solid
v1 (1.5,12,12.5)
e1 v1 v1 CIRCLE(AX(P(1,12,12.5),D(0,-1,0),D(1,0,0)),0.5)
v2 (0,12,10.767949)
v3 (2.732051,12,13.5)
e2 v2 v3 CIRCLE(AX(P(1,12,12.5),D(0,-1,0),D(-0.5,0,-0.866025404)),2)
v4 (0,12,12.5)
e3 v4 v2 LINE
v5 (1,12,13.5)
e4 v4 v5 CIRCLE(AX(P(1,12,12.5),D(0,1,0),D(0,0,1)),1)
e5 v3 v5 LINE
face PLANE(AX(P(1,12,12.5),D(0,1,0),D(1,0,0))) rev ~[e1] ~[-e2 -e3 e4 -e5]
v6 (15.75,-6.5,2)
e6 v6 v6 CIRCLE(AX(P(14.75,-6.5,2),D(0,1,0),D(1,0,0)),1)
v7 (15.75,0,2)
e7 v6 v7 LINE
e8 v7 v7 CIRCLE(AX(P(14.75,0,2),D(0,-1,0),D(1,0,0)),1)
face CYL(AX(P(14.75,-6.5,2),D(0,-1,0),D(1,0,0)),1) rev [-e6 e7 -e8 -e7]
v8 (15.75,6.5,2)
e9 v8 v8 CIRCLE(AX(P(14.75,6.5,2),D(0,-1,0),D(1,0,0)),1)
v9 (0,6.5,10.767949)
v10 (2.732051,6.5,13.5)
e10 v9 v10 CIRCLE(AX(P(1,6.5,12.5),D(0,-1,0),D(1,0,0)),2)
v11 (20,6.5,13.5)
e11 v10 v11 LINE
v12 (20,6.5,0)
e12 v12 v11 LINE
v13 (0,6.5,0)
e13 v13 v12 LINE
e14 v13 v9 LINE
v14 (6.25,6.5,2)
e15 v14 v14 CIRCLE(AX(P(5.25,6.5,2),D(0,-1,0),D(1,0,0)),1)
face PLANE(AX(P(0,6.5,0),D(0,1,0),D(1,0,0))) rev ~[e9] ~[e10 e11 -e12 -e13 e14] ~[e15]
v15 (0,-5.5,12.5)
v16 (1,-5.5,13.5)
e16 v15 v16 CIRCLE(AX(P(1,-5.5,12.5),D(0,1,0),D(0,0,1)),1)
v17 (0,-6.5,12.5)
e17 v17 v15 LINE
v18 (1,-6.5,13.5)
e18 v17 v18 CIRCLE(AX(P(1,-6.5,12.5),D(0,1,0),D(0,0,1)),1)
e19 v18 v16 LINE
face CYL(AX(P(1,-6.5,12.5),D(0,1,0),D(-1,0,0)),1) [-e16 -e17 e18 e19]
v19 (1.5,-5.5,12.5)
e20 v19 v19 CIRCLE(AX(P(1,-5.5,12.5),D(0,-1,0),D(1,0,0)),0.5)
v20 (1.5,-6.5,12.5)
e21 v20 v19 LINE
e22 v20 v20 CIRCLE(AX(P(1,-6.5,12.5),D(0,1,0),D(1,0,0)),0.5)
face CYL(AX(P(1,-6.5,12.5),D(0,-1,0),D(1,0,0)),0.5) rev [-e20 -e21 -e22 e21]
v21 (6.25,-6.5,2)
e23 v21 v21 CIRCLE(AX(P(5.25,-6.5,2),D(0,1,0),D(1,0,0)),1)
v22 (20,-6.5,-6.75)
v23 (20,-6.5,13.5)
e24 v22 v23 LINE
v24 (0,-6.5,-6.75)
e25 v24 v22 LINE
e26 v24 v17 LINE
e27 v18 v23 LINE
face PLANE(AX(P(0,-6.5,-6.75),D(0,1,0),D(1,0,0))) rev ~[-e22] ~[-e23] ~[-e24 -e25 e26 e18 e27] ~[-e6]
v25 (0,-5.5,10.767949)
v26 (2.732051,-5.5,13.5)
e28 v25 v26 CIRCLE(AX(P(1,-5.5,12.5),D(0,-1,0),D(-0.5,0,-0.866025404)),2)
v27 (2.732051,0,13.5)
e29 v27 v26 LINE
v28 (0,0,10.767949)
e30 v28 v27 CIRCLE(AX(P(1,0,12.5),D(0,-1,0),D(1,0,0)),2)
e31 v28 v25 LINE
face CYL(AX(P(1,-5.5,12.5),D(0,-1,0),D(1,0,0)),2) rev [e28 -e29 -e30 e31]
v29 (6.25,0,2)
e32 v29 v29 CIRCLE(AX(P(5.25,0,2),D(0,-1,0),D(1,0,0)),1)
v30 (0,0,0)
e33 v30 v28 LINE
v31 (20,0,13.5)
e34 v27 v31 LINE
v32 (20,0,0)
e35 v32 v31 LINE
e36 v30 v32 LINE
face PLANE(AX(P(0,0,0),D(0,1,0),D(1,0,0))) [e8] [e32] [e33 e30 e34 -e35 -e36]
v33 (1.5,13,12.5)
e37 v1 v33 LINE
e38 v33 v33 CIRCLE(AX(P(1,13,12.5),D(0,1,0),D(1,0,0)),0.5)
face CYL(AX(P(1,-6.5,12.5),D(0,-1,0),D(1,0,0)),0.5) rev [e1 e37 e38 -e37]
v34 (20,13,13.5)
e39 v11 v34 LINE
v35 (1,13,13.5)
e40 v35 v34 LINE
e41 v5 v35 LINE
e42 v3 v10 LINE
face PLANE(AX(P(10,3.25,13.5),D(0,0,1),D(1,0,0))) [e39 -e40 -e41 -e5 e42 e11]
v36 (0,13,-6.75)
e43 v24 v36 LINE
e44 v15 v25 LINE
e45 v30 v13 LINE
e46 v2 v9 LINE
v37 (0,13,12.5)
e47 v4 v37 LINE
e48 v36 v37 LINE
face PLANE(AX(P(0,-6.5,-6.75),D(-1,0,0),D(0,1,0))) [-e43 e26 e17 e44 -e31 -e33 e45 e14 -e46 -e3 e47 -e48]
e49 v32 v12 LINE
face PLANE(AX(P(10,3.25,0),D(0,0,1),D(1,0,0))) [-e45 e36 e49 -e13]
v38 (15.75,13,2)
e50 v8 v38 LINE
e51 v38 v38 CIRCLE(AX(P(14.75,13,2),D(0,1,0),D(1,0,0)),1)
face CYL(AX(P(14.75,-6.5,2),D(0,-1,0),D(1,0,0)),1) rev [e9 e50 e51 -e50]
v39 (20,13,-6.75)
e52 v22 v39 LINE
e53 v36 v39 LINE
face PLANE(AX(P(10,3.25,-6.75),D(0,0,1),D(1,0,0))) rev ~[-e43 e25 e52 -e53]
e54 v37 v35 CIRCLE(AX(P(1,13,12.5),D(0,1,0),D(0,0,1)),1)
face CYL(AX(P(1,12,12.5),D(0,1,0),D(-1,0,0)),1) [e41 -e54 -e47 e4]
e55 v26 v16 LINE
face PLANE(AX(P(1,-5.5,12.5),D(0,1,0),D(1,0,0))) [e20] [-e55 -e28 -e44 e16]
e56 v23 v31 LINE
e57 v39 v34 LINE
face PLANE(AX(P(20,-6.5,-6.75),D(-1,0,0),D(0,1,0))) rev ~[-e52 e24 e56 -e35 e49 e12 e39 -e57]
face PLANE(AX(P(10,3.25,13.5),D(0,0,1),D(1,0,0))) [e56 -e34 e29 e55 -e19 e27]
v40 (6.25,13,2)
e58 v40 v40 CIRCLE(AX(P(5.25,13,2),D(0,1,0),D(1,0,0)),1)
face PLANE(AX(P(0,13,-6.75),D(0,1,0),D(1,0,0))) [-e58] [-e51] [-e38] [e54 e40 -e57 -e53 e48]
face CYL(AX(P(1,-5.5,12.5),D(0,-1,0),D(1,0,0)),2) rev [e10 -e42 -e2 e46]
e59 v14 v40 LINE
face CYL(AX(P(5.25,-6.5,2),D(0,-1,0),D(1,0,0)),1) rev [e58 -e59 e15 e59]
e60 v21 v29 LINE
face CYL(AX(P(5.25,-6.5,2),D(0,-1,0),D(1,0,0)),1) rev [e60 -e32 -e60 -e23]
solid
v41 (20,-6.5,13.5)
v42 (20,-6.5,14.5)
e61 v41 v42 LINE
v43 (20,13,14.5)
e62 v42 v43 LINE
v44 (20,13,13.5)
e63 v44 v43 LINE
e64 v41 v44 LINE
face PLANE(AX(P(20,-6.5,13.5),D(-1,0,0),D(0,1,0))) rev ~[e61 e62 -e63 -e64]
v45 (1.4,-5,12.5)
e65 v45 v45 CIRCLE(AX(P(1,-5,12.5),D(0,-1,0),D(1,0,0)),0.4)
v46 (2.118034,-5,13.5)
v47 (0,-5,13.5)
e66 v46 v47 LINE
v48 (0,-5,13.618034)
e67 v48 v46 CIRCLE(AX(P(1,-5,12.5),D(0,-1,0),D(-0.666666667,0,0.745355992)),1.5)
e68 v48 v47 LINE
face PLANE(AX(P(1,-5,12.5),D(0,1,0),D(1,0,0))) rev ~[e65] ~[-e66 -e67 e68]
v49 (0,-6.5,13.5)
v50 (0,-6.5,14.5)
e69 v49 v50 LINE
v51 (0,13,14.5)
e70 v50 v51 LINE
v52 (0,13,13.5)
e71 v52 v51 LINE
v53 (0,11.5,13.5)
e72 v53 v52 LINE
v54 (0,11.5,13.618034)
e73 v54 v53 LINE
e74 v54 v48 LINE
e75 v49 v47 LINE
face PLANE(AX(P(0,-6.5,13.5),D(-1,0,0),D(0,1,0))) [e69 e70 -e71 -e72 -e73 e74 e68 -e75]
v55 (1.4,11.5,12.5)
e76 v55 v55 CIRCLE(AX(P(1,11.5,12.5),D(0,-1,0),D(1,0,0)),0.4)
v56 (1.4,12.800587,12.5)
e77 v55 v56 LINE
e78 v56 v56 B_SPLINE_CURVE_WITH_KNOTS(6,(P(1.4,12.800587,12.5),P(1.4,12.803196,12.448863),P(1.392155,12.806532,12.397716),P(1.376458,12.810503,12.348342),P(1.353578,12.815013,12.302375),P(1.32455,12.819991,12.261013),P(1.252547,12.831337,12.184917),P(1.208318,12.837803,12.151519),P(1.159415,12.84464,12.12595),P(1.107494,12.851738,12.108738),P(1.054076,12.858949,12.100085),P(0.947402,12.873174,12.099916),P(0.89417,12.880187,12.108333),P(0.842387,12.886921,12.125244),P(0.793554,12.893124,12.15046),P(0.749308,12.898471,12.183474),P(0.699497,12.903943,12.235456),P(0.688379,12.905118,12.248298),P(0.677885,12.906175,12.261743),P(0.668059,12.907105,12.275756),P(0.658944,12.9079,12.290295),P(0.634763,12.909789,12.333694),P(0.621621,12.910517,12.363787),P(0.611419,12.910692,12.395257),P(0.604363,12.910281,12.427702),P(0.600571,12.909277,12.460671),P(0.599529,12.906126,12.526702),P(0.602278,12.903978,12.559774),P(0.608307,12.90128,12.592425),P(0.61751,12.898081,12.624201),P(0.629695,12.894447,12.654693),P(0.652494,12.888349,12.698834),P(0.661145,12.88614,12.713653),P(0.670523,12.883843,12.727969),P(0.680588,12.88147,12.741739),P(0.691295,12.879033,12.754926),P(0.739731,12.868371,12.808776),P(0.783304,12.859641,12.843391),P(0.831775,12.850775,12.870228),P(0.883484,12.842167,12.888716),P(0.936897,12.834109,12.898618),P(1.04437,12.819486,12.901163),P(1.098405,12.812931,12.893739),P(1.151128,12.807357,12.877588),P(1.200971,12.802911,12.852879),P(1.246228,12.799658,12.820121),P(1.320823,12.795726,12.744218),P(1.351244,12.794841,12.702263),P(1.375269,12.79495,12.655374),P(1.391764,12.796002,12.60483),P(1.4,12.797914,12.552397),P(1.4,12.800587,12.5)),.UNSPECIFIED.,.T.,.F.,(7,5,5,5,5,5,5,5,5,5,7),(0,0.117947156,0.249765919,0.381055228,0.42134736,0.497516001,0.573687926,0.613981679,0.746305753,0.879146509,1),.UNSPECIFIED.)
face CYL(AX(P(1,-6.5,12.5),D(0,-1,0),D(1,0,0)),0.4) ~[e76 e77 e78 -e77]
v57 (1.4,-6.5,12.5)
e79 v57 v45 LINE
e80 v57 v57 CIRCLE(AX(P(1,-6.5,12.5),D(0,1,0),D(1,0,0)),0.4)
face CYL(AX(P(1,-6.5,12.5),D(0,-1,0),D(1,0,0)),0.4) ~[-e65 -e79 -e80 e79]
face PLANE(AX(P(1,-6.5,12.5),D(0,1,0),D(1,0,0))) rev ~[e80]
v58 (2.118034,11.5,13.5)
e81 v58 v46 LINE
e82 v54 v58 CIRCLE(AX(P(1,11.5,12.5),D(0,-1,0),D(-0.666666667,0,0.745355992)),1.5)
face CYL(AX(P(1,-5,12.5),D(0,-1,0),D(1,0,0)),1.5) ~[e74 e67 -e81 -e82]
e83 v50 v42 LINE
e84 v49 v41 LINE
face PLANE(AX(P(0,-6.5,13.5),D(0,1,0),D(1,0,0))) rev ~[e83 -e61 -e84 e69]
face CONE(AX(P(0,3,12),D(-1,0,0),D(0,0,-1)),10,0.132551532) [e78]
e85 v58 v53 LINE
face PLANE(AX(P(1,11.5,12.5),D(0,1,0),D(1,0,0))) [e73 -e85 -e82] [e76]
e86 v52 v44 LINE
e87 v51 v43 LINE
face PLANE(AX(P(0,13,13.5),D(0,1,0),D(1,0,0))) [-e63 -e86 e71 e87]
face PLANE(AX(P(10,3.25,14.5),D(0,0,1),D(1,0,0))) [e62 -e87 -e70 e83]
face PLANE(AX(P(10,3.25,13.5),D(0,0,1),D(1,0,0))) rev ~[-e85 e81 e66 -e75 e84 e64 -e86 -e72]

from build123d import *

# Parameters (mm, degrees)
CONE_PITCH_ANGLE       = 90
CYLINDER003_R          = 0.4
CYLINDER003_DEPTH      = 19.5
CYLINDER003_ROLL_ANGLE = -90
CYLINDER002_R          = 1.5
CYLINDER002_DEPTH      = 16.5
CYLINDER002_ROLL_ANGLE = -90
BOX002_W               = 20
BOX002_H               = 19.5
BOX002_DEPTH           = 1
CYLINDER001_R          = 0.5
CYLINDER001_DEPTH      = 19.5
CYLINDER001_ROLL_ANGLE = -90
CYLINDER005_R          = 1
CYLINDER005_DEPTH      = 19.5
CYLINDER005_ROLL_ANGLE = -90
CYLINDER004_R          = 1
CYLINDER004_DEPTH      = 19.5
CYLINDER004_ROLL_ANGLE = -90
BOX001_W               = 20
BOX001_H               = 6.5
BOX001_DEPTH           = 13.5
CYLINDER_R             = 2
CYLINDER_DEPTH         = 17.5
CYLINDER_ROLL_ANGLE    = -90
BOX_W                  = 20
BOX_H                  = 19.5
BOX_DEPTH              = 20.25
FILLET_R               = 1


with BuildPart() as cone:
    # Cone → Cone (revolve)
    with BuildSketch(Plane.XZ):
        Polygon((0, 0), (10, 0), (6, 30), (0, 30), align=None)
    revolve(axis=Axis((0, 0, 0), (0, 0, 1)))


with BuildPart() as cone_1:
    # Cone pitch: moved
    add(cone.part.rotate(Axis((0, 0, 0), (0, 1, 0)), CONE_PITCH_ANGLE))


with BuildPart() as cone_2:
    # Cone placement: moved
    add(cone_1.part.moved(Location((0, 3, 12))))


with BuildPart() as lid_hinge_pin_tapered:
    # Cylinder003 → Cylinder003 (new body)
    with BuildSketch(Plane.XY):
        Circle(CYLINDER003_R)
    extrude(amount=CYLINDER003_DEPTH)


with BuildPart() as lid_hinge_pin_tapered_1:
    # Cylinder003 roll: moved
    add(lid_hinge_pin_tapered.part.rotate(Axis((0, 0, 0), (1, 0, 0)), CYLINDER003_ROLL_ANGLE))


with BuildPart() as lid_hinge_pin_tapered_2:
    # Cylinder003 placement: moved
    add(lid_hinge_pin_tapered_1.part.moved(Location((1, -6.5, 12.5))))

    # Common: intersect Cone
    add(cone_2.part, mode=Mode.INTERSECT)


with BuildPart() as lid_hinge:
    # Cylinder002 → Cylinder002 (new body)
    with BuildSketch(Plane.XY):
        Circle(CYLINDER002_R)
    extrude(amount=CYLINDER002_DEPTH)


with BuildPart() as lid_hinge_1:
    # Cylinder002 roll: moved
    add(lid_hinge.part.rotate(Axis((0, 0, 0), (1, 0, 0)), CYLINDER002_ROLL_ANGLE))


with BuildPart() as lid_hinge_2:
    # Cylinder002 placement: moved
    add(lid_hinge_1.part.moved(Location((1, -5, 12.5))))

    # Fusion003: union lid_hinge_pin_tapered
    add(lid_hinge_pin_tapered_2.part)


with BuildPart() as lid:
    # Box002 → Box002 (new body)
    with BuildSketch(Plane(origin=(0, -6.5, 13.5), x_dir=(1, 0, 0), z_dir=(0, 0, 1))):
        with Locations((10, 9.75)):
            Rectangle(BOX002_W, BOX002_H)
    extrude(amount=BOX002_DEPTH)

    # Fusion: union lid_hinge
    add(lid_hinge_2.part)


with BuildPart() as hinge_pin_hole:
    # Cylinder001 → Cylinder001 (new body)
    with BuildSketch(Plane.XY):
        Circle(CYLINDER001_R)
    extrude(amount=CYLINDER001_DEPTH)


with BuildPart() as hinge_pin_hole_1:
    # Cylinder001 roll: moved
    add(hinge_pin_hole.part.rotate(Axis((0, 0, 0), (1, 0, 0)), CYLINDER001_ROLL_ANGLE))


with BuildPart() as hinge_pin_hole_2:
    # Cylinder001 placement: moved
    add(hinge_pin_hole_1.part.moved(Location((1, -6.5, 12.5))))


with BuildPart() as cylinder005:
    # Cylinder005 → Cylinder005 (new body)
    with BuildSketch(Plane.XY):
        Circle(CYLINDER005_R)
    extrude(amount=CYLINDER005_DEPTH)


with BuildPart() as cylinder005_1:
    # Cylinder005 roll: moved
    add(cylinder005.part.rotate(Axis((0, 0, 0), (1, 0, 0)), CYLINDER005_ROLL_ANGLE))


with BuildPart() as cylinder005_2:
    # Cylinder005 placement: moved
    add(cylinder005_1.part.moved(Location((14.75, -6.5, 2))))


with BuildPart() as cylinder004:
    # Cylinder004 → Cylinder004 (new body)
    with BuildSketch(Plane.XY):
        Circle(CYLINDER004_R)
    extrude(amount=CYLINDER004_DEPTH)


with BuildPart() as cylinder004_1:
    # Cylinder004 roll: moved
    add(cylinder004.part.rotate(Axis((0, 0, 0), (1, 0, 0)), CYLINDER004_ROLL_ANGLE))


with BuildPart() as cylinder004_2:
    # Cylinder004 placement: moved
    add(cylinder004_1.part.moved(Location((5.25, -6.5, 2))))


with BuildPart() as switch_with_mounting_hole_cutouts:
    # Box001 → Box001 (new body)
    with BuildSketch(Plane.XY):
        with Locations((10, 3.25)):
            Rectangle(BOX001_W, BOX001_H)
    extrude(amount=BOX001_DEPTH)

    # Fusion001: union Cylinder004
    add(cylinder004_2.part)

    # Fusion002: union Cylinder005
    add(cylinder005_2.part)


with BuildPart() as main_block_hinge_notch:
    # Cylinder → Cylinder (new body)
    with BuildSketch(Plane.XY):
        Circle(CYLINDER_R)
    extrude(amount=CYLINDER_DEPTH)


with BuildPart() as main_block_hinge_notch_1:
    # Cylinder roll: moved
    add(main_block_hinge_notch.part.rotate(Axis((0, 0, 0), (1, 0, 0)), CYLINDER_ROLL_ANGLE))


with BuildPart() as main_block_hinge_notch_2:
    # Cylinder placement: moved
    add(main_block_hinge_notch_1.part.moved(Location((1, -5.5, 12.5))))


with BuildPart() as fillet_body:
    # Box → Box (new body)
    with BuildSketch(Plane(origin=(0, -6.5, -6.75), x_dir=(1, 0, 0), z_dir=(0, 0, 1))):
        with Locations((10, 9.75)):
            Rectangle(BOX_W, BOX_H)
    extrude(amount=BOX_DEPTH)

    # Cut: cut main_block_hinge_notch
    add(main_block_hinge_notch_2.part, mode=Mode.SUBTRACT)

    # Cut001: cut Switch_with_mounting_hole_cutouts
    add(switch_with_mounting_hole_cutouts.part, mode=Mode.SUBTRACT)

    # Cut002: cut Hinge_pin_hole
    add(hinge_pin_hole_2.part, mode=Mode.SUBTRACT)

    # Fillet
    fillet_edges = [fillet_body.edges().sort_by_distance(p)[0] for p in [
        (0, -6, 13.5),
        (0, 12.5, 13.5),
    ]]
    fillet(fillet_edges, radius=FILLET_R)


solid = Compound([lid.part, fillet_body.part])
